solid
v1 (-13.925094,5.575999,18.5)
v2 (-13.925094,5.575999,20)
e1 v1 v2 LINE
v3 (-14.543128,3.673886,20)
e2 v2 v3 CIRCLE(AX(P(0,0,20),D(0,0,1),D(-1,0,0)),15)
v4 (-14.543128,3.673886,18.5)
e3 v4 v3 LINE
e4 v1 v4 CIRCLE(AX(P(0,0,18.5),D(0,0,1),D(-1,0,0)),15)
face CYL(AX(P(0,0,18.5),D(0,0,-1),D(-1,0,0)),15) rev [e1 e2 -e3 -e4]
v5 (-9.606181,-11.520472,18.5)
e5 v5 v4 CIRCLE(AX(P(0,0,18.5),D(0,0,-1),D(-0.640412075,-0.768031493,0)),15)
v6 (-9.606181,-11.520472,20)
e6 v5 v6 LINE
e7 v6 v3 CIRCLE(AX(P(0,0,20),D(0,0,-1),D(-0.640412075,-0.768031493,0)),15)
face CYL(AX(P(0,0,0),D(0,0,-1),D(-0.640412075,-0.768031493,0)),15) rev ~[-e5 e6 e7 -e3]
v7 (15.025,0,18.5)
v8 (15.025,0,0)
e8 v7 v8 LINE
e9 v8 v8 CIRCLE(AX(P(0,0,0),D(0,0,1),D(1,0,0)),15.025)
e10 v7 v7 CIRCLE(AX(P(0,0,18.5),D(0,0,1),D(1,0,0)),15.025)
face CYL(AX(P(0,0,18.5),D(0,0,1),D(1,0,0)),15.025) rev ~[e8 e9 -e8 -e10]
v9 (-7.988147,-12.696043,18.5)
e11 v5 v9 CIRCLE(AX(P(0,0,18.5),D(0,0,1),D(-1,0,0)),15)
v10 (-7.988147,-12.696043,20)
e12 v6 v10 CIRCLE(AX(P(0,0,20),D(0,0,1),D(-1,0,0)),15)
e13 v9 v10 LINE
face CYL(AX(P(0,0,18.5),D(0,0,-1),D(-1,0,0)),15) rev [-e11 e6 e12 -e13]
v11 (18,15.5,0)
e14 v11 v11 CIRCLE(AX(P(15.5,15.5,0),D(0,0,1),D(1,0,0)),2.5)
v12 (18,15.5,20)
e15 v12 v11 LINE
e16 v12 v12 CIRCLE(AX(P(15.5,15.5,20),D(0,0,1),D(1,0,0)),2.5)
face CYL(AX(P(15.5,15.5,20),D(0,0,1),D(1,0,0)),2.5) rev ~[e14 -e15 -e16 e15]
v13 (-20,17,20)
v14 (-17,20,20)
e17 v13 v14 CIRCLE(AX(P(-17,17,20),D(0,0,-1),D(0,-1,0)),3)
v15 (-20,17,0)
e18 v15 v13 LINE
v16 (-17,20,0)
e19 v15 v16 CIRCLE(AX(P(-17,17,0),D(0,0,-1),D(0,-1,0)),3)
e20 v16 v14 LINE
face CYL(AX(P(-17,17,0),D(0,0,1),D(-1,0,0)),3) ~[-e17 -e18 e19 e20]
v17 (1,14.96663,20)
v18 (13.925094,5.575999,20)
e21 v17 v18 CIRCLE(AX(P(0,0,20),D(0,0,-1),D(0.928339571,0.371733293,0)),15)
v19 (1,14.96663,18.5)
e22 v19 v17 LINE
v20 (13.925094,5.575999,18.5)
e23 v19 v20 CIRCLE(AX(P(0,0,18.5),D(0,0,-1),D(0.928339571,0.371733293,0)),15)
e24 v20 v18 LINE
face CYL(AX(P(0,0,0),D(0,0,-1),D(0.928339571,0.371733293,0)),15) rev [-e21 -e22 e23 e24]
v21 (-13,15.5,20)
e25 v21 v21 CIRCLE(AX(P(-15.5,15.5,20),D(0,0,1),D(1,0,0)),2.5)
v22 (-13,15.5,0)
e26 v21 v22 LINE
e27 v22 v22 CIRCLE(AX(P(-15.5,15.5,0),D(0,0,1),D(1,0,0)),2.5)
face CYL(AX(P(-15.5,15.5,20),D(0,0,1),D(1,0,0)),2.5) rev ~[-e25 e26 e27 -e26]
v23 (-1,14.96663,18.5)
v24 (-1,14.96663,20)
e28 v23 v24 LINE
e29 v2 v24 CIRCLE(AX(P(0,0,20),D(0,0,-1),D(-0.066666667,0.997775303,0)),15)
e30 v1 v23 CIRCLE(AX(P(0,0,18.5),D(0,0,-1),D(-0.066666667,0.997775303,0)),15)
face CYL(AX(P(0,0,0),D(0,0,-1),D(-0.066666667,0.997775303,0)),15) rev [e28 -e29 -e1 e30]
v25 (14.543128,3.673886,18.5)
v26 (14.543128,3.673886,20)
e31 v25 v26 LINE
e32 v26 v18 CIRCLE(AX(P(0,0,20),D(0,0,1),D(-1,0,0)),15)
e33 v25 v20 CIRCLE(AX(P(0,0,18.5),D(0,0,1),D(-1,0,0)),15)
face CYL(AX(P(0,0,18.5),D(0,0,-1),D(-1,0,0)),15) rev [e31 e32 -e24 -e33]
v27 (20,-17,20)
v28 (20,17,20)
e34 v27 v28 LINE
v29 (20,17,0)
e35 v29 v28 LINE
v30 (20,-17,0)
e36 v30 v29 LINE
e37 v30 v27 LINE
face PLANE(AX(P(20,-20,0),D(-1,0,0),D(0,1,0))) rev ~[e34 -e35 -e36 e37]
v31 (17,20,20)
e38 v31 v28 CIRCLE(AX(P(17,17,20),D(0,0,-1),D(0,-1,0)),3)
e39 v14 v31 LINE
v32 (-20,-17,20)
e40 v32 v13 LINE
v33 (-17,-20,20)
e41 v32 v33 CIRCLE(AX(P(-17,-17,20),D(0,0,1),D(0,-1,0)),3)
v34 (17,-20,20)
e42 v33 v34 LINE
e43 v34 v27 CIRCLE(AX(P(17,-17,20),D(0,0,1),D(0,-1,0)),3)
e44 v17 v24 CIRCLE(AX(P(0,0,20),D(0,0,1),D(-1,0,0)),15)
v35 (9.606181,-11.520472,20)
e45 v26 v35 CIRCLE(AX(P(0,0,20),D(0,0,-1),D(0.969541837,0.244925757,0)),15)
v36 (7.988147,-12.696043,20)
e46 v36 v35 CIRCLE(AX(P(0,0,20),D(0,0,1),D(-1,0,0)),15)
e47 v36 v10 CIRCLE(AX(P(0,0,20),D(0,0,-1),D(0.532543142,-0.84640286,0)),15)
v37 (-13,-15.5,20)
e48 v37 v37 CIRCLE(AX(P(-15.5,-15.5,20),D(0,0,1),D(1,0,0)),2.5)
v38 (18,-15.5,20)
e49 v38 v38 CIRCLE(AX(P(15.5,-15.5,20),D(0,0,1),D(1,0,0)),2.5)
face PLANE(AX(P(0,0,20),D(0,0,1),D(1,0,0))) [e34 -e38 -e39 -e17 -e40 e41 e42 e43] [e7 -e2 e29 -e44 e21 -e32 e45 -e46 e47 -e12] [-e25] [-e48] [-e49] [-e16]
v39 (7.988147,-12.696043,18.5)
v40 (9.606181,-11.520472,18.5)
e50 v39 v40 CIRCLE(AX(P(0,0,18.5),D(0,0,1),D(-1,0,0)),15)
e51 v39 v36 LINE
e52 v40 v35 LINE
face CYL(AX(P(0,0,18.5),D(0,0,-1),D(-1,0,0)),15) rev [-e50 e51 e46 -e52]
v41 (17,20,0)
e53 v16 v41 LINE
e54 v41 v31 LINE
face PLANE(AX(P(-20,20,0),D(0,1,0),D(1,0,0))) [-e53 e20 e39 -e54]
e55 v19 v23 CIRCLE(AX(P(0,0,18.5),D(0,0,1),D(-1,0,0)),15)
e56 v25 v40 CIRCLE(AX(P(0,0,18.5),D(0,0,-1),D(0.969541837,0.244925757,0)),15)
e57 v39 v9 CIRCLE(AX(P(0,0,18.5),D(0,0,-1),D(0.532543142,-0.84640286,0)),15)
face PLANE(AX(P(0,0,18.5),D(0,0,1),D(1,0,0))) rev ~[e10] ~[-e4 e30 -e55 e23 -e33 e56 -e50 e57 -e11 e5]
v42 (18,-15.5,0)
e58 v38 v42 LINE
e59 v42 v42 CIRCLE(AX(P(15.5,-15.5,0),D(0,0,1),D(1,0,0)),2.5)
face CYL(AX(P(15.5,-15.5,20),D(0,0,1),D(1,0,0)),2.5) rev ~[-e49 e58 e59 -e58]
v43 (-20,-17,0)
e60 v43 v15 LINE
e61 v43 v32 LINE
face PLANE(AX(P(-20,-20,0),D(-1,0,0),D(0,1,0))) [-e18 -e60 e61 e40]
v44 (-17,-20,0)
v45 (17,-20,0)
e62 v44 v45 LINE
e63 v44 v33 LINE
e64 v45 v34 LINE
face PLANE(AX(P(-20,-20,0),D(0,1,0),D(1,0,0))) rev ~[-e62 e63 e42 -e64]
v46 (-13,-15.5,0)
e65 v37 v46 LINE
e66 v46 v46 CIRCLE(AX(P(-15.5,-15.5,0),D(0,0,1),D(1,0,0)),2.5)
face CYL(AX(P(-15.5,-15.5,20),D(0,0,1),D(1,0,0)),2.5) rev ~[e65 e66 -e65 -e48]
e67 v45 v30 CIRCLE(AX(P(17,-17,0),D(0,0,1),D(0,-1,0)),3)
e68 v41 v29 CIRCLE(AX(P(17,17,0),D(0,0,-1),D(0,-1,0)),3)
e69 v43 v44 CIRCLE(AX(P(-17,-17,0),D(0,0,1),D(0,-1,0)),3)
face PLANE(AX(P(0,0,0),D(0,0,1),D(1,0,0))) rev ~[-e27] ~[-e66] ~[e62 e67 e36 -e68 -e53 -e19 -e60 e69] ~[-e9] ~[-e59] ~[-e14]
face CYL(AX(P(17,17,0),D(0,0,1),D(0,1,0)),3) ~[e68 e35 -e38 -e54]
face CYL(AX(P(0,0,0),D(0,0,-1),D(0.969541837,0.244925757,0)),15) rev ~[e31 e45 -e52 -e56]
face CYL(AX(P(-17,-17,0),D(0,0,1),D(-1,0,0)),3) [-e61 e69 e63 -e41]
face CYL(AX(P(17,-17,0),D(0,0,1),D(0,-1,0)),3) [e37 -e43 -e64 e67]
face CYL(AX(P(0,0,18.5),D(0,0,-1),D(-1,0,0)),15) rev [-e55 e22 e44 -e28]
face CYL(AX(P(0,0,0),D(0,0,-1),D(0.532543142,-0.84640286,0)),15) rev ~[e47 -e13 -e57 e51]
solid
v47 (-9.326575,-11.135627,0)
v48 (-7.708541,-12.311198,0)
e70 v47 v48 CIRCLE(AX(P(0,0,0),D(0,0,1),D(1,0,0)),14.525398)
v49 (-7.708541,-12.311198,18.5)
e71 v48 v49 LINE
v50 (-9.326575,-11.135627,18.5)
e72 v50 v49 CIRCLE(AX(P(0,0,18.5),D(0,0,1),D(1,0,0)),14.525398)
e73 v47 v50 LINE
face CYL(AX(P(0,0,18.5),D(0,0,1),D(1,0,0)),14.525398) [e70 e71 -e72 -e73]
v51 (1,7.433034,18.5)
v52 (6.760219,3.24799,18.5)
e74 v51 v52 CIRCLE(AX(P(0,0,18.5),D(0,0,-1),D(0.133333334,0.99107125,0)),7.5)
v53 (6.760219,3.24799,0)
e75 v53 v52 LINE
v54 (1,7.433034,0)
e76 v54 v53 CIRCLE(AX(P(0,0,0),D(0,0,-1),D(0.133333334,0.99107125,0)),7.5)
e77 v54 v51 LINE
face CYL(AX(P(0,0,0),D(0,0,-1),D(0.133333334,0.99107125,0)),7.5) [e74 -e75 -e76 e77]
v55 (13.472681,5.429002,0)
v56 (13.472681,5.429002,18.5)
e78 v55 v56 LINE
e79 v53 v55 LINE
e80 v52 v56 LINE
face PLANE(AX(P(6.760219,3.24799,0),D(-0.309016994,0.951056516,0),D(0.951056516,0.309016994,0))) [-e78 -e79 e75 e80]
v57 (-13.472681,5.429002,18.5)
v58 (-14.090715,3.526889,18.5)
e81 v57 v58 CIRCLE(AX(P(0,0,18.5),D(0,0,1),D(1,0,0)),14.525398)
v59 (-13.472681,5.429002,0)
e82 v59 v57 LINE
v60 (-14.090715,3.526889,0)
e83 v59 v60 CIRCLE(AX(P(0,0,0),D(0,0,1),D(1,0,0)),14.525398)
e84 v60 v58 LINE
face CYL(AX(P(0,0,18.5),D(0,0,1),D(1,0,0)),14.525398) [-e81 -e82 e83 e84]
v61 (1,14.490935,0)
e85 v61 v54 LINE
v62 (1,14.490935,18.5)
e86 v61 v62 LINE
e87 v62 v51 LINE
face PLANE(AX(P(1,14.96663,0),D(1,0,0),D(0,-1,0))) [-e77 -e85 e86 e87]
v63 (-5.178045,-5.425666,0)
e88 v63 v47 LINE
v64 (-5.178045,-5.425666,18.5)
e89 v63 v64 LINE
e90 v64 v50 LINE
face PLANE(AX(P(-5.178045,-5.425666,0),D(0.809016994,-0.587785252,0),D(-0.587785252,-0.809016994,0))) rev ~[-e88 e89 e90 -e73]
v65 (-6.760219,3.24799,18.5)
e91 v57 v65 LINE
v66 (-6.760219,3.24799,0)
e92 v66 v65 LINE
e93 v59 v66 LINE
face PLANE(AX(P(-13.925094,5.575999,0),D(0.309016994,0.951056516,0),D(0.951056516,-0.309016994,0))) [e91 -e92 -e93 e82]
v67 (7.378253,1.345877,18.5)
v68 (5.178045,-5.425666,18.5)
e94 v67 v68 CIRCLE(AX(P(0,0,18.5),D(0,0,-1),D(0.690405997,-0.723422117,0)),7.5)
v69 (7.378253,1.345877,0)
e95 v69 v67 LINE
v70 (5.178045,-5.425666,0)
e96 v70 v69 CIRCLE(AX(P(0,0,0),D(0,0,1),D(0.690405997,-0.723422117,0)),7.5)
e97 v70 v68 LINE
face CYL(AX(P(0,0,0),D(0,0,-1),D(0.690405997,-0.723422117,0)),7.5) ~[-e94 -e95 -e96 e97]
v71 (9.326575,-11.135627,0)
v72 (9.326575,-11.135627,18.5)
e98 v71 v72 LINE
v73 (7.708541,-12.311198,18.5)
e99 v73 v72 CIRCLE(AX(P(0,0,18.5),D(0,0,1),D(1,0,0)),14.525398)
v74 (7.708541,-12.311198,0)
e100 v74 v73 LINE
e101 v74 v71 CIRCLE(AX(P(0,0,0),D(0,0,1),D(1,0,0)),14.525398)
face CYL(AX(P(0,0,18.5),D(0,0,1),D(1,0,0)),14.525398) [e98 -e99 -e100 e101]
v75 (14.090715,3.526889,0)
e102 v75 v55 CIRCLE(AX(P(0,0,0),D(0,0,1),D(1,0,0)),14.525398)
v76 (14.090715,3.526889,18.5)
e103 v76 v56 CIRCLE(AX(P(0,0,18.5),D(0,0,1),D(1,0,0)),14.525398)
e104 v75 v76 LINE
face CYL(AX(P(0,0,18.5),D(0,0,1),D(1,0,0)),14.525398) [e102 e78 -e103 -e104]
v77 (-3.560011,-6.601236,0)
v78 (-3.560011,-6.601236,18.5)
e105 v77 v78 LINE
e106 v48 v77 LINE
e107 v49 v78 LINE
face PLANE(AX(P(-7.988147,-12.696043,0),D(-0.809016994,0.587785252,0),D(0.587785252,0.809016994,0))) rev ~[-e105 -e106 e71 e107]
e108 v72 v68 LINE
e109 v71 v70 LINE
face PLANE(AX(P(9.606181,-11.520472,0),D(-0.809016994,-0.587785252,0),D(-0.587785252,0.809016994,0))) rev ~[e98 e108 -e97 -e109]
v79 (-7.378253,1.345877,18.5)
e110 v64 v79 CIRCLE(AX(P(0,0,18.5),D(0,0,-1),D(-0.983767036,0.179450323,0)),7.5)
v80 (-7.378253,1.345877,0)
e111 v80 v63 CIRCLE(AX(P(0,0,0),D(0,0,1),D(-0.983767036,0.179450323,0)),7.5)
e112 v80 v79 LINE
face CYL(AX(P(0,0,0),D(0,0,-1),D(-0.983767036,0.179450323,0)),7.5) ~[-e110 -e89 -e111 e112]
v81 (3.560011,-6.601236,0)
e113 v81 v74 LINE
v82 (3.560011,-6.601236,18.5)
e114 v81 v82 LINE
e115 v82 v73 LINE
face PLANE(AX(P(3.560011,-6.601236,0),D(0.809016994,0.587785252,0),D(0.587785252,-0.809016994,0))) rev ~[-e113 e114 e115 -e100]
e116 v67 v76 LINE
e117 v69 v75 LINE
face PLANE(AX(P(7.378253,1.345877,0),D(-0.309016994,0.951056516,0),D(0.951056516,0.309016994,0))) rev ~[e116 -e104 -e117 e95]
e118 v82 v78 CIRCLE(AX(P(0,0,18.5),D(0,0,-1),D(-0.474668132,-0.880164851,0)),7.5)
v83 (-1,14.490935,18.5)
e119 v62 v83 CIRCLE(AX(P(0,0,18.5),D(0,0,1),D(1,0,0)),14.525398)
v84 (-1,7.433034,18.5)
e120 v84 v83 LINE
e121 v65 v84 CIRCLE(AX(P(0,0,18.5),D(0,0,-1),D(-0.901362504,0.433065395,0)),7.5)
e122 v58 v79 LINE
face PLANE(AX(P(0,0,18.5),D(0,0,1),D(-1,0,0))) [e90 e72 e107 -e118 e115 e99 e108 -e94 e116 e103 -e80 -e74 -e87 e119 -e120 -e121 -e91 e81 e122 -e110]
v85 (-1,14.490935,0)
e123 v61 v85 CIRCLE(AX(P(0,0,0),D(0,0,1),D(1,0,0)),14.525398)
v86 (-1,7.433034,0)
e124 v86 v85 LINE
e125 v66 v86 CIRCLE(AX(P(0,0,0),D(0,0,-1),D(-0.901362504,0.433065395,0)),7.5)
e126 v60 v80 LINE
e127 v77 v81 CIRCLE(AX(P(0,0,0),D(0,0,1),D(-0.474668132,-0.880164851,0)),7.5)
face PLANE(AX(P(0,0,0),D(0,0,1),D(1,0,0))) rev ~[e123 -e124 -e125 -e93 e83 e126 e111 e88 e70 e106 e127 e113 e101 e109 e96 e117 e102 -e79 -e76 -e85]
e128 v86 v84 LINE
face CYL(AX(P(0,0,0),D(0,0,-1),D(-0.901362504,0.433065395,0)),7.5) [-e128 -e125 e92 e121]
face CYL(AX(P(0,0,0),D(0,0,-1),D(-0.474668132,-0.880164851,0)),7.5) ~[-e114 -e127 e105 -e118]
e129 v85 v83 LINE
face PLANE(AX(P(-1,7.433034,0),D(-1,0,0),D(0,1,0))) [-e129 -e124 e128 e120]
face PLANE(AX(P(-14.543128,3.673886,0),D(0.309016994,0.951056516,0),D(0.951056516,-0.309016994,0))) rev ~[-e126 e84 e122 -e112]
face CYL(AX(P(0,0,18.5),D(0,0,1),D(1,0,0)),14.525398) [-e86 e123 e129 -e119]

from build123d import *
from build123d.topology import SkipClean

# Parameters (mm, degrees)
SKETCH2_W           = 40
SKETCH2_H           = 40
BOSS_EXTRUDE1_DEPTH = 20
SKETCH3_R           = 2.5
CUT_EXTRUDE1_DEPTH  = 20
FILLET1_R           = 3
CUT_EXTRUDE4_DEPTH  = 35.641016151
CUT_EXTRUDE5_START  = -1.5
SKETCH5_R           = 15
CUT_EXTRUDE5_DEPTH  = 1.5
SKETCH7_R           = 15.025
SKETCH7_R_2         = 14.525398349
CUT_EXTRUDE12_DEPTH = 26


with BuildPart() as part:
    # Sketch2 → Boss-Extrude1 (new body)
    with BuildSketch(Plane.XY):
        Rectangle(SKETCH2_W, SKETCH2_H)
    extrude(amount=BOSS_EXTRUDE1_DEPTH)

    # Sketch3 → Cut-Extrude1 (cut)
    with BuildSketch(Plane.XY.offset(20)):
        with Locations((-15.5, 15.5)):
            Circle(SKETCH3_R)
        with Locations((15.5, 15.5)):
            Circle(SKETCH3_R)
        with Locations((15.5, -15.5)):
            Circle(SKETCH3_R)
        with Locations((-15.5, -15.5)):
            Circle(SKETCH3_R)
    extrude(amount=-CUT_EXTRUDE1_DEPTH, mode=Mode.SUBTRACT)

    # Fillet1
    fillet1_edges = [part.edges().sort_by_distance(p)[0] for p in [
        (20, -20, 10),
        (-20, -20, 10),
        (-20, 20, 10),
        (20, 20, 10),
    ]]
    fillet(fillet1_edges, radius=FILLET1_R)

    # Sketch4 → Cut-Extrude4 (cut, through all)
    with BuildSketch(Plane(origin=(0, 0, 0), x_dir=(-1, 0, 0), z_dir=(0, 0, -1))):
        with BuildLine():
            Line((13.925093563, 5.575999395), (6.760218783, 3.247990458))
            ThreePointArc((6.760218783, 3.247990458), (4.408389392, 6.067627458), (1, 7.433034374))
            Line((1, 7.433034374), (1, 14.966629547))
            ThreePointArc((1, 14.966629547), (8.816778784, 12.135254916), (13.925093563, 5.575999395))
        make_face()
        with BuildLine():
            Line((-1, 14.966629547), (-1, 7.433034374))
            ThreePointArc((-1, 7.433034374), (-4.408389392, 6.067627458), (-6.760218783, 3.247990458))
            Line((-6.760218783, 3.247990458), (-13.925093563, 5.575999395))
            ThreePointArc((-13.925093563, 5.575999395), (-8.816778784, 12.135254916), (-1, 14.966629547))
        make_face()
        with BuildLine():
            Line((14.543127552, 3.673886362), (7.378252771, 1.345877425))
            ThreePointArc((7.378252771, 1.345877425), (7.132923872, -2.317627458), (5.178044979, -5.425665876))
            Line((5.178044979, -5.425665876), (9.606181119, -11.5204724))
            ThreePointArc((9.606181119, -11.5204724), (14.265847744, -4.635254916), (14.543127552, 3.673886362))
        make_face()
        with BuildLine():
            Line((7.98814713, -12.696042904), (3.56001099, -6.60123638))
            ThreePointArc((3.56001099, -6.60123638), (0, -7.5), (-3.56001099, -6.60123638))
            Line((-3.56001099, -6.60123638), (-7.98814713, -12.696042904))
            ThreePointArc((-7.98814713, -12.696042904), (0, -15), (7.98814713, -12.696042904))
        make_face()
        with BuildLine():
            Line((-9.606181119, -11.5204724), (-5.178044979, -5.425665876))
            ThreePointArc((-5.178044979, -5.425665876), (-7.132923872, -2.317627458), (-7.378252771, 1.345877425))
            Line((-7.378252771, 1.345877425), (-14.543127552, 3.673886362))
            ThreePointArc((-14.543127552, 3.673886362), (-14.265847744, -4.635254916), (-9.606181119, -11.5204724))
        make_face()
    extrude(amount=-CUT_EXTRUDE4_DEPTH, mode=Mode.SUBTRACT)

    # Sketch5 → Cut-Extrude5 (cut)
    with BuildSketch(Plane.XY.offset(20).offset(CUT_EXTRUDE5_START)):
        with Locations(Location((0, 0, 0), (0, 0, 180))):
            Circle(SKETCH5_R)
    extrude(amount=CUT_EXTRUDE5_DEPTH, mode=Mode.SUBTRACT)

    # Sketch7 → Cut-Extrude12 (cut)
    with SkipClean():  # the faces are left unmerged after this step: merging them gives an invalid solid
        with BuildSketch(Plane.XY.offset(18.5)):
            Circle(SKETCH7_R)
            Circle(SKETCH7_R_2, mode=Mode.SUBTRACT)
        extrude(amount=-CUT_EXTRUDE12_DEPTH, mode=Mode.SUBTRACT)


with BuildPart() as cut_extrude12_piece_1:
    # of the separate pieces the step leaves, piece 1, a body of its own (cut_extrude12_pieces)
    add(part.part.solids().sort_by_distance((-17, -20, 0))[0])


with BuildPart() as cut_extrude12_piece_2:
    # of the separate pieces the step leaves, piece 2, a body of its own (cut_extrude12_pieces)
    add(part.part.solids().sort_by_distance((3.56001099, -6.60123638, 0))[0])


solid = Compound([cut_extrude12_piece_1.part, cut_extrude12_piece_2.part])
